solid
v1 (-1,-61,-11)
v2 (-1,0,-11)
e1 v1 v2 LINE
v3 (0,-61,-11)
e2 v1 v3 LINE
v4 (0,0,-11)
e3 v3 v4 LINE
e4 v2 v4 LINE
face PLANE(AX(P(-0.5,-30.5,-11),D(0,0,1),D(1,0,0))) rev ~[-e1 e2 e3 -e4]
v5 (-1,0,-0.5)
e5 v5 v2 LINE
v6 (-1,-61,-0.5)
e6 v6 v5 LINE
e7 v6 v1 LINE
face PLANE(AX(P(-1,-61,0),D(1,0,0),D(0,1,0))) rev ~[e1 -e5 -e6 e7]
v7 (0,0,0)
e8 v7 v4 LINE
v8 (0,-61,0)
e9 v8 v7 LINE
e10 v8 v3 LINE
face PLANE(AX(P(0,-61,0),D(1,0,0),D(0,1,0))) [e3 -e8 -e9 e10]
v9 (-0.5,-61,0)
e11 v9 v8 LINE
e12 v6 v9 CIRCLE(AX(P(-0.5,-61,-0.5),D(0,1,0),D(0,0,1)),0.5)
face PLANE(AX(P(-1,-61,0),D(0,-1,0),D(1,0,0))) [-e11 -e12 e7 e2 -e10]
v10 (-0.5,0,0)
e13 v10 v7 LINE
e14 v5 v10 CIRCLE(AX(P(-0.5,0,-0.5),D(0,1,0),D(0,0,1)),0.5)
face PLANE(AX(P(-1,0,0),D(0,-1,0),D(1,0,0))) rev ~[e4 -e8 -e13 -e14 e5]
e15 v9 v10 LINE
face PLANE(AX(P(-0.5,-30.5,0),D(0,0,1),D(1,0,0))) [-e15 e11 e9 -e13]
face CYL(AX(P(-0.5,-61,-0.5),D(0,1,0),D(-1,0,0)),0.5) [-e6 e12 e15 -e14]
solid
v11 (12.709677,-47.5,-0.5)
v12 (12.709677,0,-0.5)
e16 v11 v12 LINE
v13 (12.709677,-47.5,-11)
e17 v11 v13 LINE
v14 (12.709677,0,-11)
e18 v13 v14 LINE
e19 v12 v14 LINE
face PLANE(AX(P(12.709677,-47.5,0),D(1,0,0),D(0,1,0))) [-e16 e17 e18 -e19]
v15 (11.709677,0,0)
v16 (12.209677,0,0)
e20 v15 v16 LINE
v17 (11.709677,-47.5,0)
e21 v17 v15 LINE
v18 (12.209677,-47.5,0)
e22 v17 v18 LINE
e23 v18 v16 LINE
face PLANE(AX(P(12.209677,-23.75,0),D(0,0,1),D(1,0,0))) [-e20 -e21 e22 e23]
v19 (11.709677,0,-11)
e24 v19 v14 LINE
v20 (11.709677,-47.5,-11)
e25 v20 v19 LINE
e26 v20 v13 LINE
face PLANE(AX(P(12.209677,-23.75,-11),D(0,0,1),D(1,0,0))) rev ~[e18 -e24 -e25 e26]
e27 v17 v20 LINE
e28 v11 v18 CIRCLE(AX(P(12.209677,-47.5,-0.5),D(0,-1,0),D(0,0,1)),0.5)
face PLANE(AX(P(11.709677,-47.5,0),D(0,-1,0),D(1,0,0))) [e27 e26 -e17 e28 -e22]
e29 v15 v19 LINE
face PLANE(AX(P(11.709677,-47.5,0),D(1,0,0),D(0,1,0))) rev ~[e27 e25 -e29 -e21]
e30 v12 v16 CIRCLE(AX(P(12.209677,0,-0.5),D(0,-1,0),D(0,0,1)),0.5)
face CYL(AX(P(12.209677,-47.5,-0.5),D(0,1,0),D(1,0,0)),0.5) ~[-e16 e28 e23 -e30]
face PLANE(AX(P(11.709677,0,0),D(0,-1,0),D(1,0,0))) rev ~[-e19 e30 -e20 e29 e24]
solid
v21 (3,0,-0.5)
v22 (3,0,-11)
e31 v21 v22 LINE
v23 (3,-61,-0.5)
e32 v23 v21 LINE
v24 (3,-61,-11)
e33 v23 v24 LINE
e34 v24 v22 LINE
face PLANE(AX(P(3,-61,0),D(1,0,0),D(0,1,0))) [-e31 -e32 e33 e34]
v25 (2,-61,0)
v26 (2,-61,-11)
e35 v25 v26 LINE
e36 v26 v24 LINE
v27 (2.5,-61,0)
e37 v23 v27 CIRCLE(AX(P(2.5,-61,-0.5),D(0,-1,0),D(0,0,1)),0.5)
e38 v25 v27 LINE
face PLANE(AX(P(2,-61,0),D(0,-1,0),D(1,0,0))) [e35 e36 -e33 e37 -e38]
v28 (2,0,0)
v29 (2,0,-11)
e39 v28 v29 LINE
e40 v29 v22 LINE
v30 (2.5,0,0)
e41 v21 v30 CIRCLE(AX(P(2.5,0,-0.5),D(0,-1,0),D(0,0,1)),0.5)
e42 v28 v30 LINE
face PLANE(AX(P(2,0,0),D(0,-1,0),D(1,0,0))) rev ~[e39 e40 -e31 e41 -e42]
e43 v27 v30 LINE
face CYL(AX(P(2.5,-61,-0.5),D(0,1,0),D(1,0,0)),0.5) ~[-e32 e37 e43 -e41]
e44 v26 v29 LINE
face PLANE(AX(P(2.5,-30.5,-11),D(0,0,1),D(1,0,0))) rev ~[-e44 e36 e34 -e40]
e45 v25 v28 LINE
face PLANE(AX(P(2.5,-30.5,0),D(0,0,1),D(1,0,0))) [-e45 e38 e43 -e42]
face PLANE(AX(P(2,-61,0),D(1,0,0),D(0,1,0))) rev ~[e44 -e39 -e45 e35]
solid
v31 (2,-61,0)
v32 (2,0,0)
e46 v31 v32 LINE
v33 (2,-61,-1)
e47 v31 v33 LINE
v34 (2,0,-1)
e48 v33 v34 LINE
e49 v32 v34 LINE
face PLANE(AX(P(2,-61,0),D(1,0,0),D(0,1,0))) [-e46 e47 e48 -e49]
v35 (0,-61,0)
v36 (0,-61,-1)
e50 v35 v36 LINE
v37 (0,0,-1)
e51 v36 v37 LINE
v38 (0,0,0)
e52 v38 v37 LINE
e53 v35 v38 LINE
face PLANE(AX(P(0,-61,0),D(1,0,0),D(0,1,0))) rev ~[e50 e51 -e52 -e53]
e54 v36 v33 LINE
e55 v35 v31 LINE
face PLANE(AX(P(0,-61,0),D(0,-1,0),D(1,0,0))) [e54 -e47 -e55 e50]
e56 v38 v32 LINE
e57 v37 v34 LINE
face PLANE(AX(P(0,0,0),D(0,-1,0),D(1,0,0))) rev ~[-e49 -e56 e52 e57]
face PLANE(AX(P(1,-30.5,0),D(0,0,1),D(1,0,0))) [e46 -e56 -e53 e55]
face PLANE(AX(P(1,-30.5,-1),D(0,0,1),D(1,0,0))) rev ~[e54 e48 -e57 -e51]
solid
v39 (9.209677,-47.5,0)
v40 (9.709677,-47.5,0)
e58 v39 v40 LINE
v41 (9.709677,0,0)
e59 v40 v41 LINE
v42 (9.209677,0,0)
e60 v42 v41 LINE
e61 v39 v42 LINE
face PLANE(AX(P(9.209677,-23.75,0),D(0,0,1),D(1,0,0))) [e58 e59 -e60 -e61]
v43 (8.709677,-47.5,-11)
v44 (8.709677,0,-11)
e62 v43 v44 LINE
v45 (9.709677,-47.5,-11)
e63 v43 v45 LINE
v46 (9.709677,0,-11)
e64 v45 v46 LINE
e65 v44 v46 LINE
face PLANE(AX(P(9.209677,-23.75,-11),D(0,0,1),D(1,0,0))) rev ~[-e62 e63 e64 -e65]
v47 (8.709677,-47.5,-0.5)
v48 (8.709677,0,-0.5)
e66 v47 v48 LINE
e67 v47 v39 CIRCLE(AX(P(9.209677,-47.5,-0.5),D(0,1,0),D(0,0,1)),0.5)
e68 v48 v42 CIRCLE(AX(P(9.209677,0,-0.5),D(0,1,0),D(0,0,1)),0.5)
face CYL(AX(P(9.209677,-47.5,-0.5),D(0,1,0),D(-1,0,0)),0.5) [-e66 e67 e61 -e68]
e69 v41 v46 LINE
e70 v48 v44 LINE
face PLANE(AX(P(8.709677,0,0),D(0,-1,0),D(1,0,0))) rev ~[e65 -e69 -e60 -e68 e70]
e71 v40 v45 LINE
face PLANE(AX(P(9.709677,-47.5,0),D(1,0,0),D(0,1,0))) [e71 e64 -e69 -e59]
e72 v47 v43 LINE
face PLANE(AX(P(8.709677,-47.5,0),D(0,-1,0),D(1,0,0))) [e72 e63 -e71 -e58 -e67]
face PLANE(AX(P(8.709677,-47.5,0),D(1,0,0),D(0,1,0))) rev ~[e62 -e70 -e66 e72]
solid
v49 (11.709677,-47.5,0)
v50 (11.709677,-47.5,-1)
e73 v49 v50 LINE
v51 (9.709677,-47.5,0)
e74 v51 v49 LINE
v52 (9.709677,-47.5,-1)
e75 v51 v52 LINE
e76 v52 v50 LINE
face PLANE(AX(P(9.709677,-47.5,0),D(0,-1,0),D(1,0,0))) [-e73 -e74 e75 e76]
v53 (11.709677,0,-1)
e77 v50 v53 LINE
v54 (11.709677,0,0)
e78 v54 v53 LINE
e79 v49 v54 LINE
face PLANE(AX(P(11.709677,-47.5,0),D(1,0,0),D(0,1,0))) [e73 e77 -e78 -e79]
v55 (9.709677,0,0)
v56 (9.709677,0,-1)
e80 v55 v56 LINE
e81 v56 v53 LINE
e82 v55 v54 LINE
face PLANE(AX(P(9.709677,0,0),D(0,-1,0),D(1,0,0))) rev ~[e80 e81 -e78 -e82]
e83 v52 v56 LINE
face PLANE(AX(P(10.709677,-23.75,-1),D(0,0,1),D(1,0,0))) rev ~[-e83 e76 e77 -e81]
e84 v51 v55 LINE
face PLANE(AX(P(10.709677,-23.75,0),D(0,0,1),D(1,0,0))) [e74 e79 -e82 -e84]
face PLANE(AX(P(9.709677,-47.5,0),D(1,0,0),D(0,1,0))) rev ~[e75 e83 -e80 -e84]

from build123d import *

# Parameters (mm, degrees)
F0_W     = 2
F0_H     = 61
F0_H_2   = 47.5
F1_DEPTH = 1
F0_W_2   = 1
F2_DEPTH = 11
F3_R     = 0.5


with BuildPart() as f1:
    # F0 (on Top) → F1 (new body)
    with BuildSketch(Plane.XY):
        with Locations((1, -30.5)):
            Rectangle(F0_W, F0_H)
        with Locations((10.709677, -23.75)):
            Rectangle(F0_W, F0_H_2)
    extrude(amount=-F1_DEPTH)


with BuildPart() as f2:
    # F0 (on Top) → F2 (new body)
    with BuildSketch(Plane.XY):
        with Locations((2.5, -30.5)):
            Rectangle(F0_W_2, F0_H)
        with Locations((9.209677, -23.75)):
            Rectangle(F0_W_2, F0_H_2)
        with Locations((12.209677, -23.75)):
            Rectangle(F0_W_2, F0_H_2)
        with Locations((-0.5, -30.5)):
            Rectangle(F0_W_2, F0_H)
    extrude(amount=-F2_DEPTH)

    # F3
    f3_edges = [f2.edges().sort_by_distance(p)[0] for p in [
        (-1, -30.5, 0),
        (3, -30.5, 0),
        (8.709677, -23.75, 0),
        (12.709677, -23.75, 0),
    ]]
    fillet(f3_edges, radius=F3_R)


solid = Compound([f1.part, f2.part])
